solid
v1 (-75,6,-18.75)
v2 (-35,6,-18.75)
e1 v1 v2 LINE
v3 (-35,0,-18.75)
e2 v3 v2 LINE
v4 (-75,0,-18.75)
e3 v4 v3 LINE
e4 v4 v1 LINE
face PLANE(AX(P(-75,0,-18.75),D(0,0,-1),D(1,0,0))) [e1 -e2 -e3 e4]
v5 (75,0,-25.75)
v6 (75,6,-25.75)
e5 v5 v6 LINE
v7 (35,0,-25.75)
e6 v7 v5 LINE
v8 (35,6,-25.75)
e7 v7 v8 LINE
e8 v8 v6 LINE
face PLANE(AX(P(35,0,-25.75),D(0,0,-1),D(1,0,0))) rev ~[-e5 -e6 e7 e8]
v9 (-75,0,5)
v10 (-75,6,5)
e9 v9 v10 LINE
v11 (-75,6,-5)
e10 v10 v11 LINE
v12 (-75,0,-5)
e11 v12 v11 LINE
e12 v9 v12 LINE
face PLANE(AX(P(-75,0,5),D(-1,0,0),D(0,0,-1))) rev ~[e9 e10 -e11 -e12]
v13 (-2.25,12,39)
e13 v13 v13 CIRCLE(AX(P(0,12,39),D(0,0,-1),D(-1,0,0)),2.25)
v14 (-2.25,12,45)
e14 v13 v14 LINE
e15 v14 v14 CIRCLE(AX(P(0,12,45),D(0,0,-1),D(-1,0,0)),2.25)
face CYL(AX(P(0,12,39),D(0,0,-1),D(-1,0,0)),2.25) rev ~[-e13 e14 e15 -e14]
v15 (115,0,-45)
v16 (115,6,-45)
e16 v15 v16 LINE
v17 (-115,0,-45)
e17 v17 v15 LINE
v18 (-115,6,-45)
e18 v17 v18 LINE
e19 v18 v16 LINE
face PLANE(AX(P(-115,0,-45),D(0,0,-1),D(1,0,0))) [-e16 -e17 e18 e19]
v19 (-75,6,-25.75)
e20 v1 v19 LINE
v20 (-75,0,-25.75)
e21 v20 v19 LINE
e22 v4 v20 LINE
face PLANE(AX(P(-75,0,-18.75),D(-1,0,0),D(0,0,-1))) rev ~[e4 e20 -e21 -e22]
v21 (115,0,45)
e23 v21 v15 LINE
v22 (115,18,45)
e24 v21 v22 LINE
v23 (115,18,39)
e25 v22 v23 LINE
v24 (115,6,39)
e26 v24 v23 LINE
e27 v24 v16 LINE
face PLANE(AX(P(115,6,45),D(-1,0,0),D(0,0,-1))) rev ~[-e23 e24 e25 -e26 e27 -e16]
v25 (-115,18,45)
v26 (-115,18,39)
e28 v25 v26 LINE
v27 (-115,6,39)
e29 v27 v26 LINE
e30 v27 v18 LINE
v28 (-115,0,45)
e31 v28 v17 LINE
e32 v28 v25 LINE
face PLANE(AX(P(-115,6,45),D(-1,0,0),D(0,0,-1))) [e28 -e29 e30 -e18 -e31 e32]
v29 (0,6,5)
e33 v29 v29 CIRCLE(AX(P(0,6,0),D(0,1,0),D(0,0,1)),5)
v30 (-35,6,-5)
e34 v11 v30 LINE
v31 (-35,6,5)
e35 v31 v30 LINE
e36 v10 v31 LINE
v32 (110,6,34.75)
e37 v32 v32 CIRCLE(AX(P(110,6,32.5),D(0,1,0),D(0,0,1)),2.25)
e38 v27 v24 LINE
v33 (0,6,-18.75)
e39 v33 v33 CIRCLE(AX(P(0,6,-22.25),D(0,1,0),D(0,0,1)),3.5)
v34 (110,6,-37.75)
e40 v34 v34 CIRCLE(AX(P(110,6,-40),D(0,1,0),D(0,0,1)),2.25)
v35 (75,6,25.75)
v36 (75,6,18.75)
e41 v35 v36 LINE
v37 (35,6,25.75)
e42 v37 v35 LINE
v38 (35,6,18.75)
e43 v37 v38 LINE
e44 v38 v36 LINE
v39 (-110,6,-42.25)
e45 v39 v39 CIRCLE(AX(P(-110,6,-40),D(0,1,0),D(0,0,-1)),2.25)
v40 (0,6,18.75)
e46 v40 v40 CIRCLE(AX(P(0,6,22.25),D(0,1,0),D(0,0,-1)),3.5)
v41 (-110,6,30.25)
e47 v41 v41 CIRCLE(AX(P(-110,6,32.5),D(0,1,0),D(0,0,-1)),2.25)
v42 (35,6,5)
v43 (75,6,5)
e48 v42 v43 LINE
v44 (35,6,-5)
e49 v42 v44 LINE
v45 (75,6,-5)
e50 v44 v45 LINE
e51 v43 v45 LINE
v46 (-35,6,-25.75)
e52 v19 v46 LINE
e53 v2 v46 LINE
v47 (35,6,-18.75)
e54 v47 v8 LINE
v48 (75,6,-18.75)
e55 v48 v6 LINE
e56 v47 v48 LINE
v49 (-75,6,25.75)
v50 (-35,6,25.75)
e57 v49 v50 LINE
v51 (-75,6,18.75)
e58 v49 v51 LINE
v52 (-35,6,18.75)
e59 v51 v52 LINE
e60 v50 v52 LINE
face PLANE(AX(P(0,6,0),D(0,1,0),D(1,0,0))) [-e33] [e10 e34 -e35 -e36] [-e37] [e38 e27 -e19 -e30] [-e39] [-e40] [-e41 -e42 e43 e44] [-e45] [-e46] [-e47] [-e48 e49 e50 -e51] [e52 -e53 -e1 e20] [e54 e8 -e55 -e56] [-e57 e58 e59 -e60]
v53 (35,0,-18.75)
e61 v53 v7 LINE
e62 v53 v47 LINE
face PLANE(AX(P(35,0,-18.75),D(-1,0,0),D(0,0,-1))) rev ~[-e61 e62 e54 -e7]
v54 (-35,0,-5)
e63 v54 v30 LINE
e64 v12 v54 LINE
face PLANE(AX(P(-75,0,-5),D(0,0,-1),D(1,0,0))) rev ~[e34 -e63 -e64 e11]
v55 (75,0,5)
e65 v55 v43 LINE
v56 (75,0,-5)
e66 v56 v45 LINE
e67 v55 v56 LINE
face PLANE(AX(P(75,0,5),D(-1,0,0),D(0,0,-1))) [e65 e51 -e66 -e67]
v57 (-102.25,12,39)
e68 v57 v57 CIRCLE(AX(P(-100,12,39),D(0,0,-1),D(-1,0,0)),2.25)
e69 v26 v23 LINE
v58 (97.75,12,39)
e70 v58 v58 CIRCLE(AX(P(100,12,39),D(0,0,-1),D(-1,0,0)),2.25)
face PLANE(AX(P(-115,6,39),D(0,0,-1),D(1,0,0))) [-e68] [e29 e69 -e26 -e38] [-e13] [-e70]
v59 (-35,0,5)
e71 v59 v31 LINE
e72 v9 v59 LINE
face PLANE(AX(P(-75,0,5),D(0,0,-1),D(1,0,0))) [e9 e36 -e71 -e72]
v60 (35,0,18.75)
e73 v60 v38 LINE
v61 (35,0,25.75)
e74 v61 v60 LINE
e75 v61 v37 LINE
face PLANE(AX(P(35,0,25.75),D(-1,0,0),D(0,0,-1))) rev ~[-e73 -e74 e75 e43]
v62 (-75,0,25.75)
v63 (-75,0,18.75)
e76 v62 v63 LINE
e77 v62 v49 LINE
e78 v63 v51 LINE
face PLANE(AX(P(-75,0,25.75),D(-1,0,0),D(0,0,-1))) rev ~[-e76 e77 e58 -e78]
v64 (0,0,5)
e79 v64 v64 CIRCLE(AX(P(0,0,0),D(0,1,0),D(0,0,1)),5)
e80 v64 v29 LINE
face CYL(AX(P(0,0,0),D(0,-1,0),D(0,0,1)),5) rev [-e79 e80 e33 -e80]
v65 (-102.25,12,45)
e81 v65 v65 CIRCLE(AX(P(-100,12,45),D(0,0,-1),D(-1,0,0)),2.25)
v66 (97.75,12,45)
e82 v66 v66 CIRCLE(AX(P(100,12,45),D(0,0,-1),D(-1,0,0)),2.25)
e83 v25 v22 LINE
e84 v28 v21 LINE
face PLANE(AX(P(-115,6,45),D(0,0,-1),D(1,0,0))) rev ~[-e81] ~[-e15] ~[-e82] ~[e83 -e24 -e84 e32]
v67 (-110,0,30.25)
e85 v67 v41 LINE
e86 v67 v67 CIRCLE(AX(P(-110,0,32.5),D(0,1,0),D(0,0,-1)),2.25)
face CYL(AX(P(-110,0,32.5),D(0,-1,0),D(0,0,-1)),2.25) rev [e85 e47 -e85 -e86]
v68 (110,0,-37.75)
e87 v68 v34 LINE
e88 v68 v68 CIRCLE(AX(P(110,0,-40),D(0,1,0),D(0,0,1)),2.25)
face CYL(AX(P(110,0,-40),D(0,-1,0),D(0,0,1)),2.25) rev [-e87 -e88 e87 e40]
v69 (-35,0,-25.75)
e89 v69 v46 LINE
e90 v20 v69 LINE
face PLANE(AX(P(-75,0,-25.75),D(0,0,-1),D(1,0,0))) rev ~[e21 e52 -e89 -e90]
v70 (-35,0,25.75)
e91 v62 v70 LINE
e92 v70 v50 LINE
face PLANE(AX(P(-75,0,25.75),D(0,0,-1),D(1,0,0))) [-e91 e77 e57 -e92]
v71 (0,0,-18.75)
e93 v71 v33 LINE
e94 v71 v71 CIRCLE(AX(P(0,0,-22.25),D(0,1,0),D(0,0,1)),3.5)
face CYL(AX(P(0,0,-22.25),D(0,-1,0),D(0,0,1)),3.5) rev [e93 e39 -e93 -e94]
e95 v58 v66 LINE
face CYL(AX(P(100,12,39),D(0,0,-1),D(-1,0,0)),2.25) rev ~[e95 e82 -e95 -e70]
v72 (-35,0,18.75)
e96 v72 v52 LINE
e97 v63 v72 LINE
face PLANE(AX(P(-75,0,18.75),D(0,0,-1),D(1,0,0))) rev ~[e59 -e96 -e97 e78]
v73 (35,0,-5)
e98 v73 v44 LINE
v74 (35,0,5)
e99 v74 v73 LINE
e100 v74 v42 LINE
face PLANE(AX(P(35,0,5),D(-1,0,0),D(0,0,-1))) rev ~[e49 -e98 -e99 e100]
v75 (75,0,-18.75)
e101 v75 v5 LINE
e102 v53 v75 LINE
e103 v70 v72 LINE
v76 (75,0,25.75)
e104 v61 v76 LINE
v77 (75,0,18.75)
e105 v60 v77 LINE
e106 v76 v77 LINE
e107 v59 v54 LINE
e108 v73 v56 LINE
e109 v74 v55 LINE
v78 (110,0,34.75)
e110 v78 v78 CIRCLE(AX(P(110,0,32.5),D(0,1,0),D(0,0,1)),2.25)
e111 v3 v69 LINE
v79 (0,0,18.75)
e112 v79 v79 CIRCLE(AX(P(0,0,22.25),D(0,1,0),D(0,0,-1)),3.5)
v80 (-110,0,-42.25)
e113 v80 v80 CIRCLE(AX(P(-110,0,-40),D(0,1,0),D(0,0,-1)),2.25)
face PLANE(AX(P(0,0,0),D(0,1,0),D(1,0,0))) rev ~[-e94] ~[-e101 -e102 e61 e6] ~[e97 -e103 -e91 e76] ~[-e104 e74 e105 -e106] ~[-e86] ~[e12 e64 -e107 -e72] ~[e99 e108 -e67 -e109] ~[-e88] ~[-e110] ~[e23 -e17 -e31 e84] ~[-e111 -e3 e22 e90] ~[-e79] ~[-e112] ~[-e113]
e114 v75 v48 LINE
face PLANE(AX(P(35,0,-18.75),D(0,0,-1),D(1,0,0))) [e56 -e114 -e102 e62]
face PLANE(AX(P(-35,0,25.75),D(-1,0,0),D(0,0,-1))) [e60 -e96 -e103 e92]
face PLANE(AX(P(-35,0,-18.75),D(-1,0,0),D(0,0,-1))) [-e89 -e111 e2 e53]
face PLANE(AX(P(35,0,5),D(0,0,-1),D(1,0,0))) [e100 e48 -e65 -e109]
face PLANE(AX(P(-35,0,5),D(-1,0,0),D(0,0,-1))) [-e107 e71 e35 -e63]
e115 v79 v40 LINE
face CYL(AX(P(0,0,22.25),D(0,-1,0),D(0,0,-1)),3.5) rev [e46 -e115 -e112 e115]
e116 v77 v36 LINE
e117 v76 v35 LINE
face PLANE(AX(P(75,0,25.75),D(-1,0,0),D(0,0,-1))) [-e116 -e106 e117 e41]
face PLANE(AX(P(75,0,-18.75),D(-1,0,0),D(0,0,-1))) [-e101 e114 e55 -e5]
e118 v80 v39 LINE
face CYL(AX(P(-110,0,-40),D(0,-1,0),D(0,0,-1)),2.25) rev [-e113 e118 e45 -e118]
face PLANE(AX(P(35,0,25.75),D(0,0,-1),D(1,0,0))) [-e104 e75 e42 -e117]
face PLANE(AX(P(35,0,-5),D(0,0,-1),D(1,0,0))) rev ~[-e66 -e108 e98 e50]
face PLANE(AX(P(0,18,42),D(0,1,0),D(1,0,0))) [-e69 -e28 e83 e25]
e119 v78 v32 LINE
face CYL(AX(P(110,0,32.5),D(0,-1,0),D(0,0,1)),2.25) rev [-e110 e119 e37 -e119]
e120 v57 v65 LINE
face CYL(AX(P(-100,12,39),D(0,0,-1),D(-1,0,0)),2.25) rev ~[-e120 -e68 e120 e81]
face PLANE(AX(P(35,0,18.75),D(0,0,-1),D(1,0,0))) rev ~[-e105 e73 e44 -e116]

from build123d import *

# Parameters (mm, degrees)
SKETCH1_W           = 230
SKETCH1_H           = 90
SKETCH1_R           = 5
SKETCH1_R_2         = 3.5
SKETCH1_R_3         = 2.25
SKETCH1_W_2         = 40
SKETCH1_H_2         = 10
SKETCH1_H_3         = 7
BOSS_EXTRUDE1_DEPTH = 6
SKETCH2_W           = 230
SKETCH2_H           = 6
BOSS_EXTRUDE2_DEPTH = 12
CUT_EXTRUDE1_REACH  = 145.544
SKETCH3_R           = 2.25


with BuildPart() as part:
    # Sketch1 → Boss-Extrude1 (new body)
    with BuildSketch(Plane(origin=(0, 0, 0), x_dir=(1, 0, 0), z_dir=(0, 1, 0))):
        Rectangle(SKETCH1_W, SKETCH1_H)
        with Locations(Location((0, 0, 0), (0, 0, 270))):
            Circle(SKETCH1_R, mode=Mode.SUBTRACT)
        with Locations(Location((0, 22.25, 0), (0, 0, 270))):
            Circle(SKETCH1_R_2, mode=Mode.SUBTRACT)
        with Locations(Location((0, -22.25, 0), (0, 0, 90))):
            Circle(SKETCH1_R_2, mode=Mode.SUBTRACT)
        with Locations(Location((110, 40, 0), (0, 0, 270))):
            Circle(SKETCH1_R_3, mode=Mode.SUBTRACT)
        with Locations(Location((110, -32.5, 0), (0, 0, 270))):
            Circle(SKETCH1_R_3, mode=Mode.SUBTRACT)
        with Locations(Location((-110, 40, 0), (0, 0, 90))):
            Circle(SKETCH1_R_3, mode=Mode.SUBTRACT)
        with Locations(Location((-110, -32.5, 0), (0, 0, 90))):
            Circle(SKETCH1_R_3, mode=Mode.SUBTRACT)
        with Locations((55, 0)):
            Rectangle(SKETCH1_W_2, SKETCH1_H_2, mode=Mode.SUBTRACT)
        with Locations((55, 22.25)):
            Rectangle(SKETCH1_W_2, SKETCH1_H_3, mode=Mode.SUBTRACT)
        with Locations((55, -22.25)):
            Rectangle(SKETCH1_W_2, SKETCH1_H_3, mode=Mode.SUBTRACT)
        with Locations((-55, -22.25)):
            Rectangle(SKETCH1_W_2, SKETCH1_H_3, mode=Mode.SUBTRACT)
        with Locations((-55, 0)):
            Rectangle(SKETCH1_W_2, SKETCH1_H_2, mode=Mode.SUBTRACT)
        with Locations((-55, 22.25)):
            Rectangle(SKETCH1_W_2, SKETCH1_H_3, mode=Mode.SUBTRACT)
    extrude(amount=BOSS_EXTRUDE1_DEPTH)

    # Sketch2 → Boss-Extrude2 (add)
    with BuildSketch(Plane(origin=(0, 6, 0), x_dir=(1, 0, 0), z_dir=(0, 1, 0))):
        with Locations((0, -42)):
            Rectangle(SKETCH2_W, SKETCH2_H)
    extrude(amount=BOSS_EXTRUDE2_DEPTH)

    # Sketch3 → Cut-Extrude1 (cut, up to next)
    with BuildSketch(Plane(origin=(0, 0, 39), x_dir=(-1, 0, 0), z_dir=(0, 0, -1)), mode=Mode.PRIVATE) as cut_extrude1_sk1:
        with Locations((0, 12)):
            Circle(SKETCH3_R)
    cut_extrude1_tool1 = extrude(cut_extrude1_sk1.sketch, amount=-CUT_EXTRUDE1_REACH, mode=Mode.PRIVATE) & part.part
    # Sketch3 → Cut-Extrude1 (cut, up to next)
    with BuildSketch(Plane(origin=(0, 0, 39), x_dir=(-1, 0, 0), z_dir=(0, 0, -1)), mode=Mode.PRIVATE) as cut_extrude1_sk2:
        with Locations((100, 12)):
            Circle(SKETCH3_R)
    cut_extrude1_tool2 = extrude(cut_extrude1_sk2.sketch, amount=-CUT_EXTRUDE1_REACH, mode=Mode.PRIVATE) & part.part
    # Sketch3 → Cut-Extrude1 (cut, up to next)
    with BuildSketch(Plane(origin=(0, 0, 39), x_dir=(-1, 0, 0), z_dir=(0, 0, -1)), mode=Mode.PRIVATE) as cut_extrude1_sk3:
        with Locations((-100, 12)):
            Circle(SKETCH3_R)
    cut_extrude1_tool3 = extrude(cut_extrude1_sk3.sketch, amount=-CUT_EXTRUDE1_REACH, mode=Mode.PRIVATE) & part.part
    add(cut_extrude1_tool1.solids().sort_by_distance((0, 12, 39))[0], mode=Mode.SUBTRACT)
    add(cut_extrude1_tool2.solids().sort_by_distance((-100, 12, 39))[0], mode=Mode.SUBTRACT)
    add(cut_extrude1_tool3.solids().sort_by_distance((100, 12, 39))[0], mode=Mode.SUBTRACT)


solid = part.part
